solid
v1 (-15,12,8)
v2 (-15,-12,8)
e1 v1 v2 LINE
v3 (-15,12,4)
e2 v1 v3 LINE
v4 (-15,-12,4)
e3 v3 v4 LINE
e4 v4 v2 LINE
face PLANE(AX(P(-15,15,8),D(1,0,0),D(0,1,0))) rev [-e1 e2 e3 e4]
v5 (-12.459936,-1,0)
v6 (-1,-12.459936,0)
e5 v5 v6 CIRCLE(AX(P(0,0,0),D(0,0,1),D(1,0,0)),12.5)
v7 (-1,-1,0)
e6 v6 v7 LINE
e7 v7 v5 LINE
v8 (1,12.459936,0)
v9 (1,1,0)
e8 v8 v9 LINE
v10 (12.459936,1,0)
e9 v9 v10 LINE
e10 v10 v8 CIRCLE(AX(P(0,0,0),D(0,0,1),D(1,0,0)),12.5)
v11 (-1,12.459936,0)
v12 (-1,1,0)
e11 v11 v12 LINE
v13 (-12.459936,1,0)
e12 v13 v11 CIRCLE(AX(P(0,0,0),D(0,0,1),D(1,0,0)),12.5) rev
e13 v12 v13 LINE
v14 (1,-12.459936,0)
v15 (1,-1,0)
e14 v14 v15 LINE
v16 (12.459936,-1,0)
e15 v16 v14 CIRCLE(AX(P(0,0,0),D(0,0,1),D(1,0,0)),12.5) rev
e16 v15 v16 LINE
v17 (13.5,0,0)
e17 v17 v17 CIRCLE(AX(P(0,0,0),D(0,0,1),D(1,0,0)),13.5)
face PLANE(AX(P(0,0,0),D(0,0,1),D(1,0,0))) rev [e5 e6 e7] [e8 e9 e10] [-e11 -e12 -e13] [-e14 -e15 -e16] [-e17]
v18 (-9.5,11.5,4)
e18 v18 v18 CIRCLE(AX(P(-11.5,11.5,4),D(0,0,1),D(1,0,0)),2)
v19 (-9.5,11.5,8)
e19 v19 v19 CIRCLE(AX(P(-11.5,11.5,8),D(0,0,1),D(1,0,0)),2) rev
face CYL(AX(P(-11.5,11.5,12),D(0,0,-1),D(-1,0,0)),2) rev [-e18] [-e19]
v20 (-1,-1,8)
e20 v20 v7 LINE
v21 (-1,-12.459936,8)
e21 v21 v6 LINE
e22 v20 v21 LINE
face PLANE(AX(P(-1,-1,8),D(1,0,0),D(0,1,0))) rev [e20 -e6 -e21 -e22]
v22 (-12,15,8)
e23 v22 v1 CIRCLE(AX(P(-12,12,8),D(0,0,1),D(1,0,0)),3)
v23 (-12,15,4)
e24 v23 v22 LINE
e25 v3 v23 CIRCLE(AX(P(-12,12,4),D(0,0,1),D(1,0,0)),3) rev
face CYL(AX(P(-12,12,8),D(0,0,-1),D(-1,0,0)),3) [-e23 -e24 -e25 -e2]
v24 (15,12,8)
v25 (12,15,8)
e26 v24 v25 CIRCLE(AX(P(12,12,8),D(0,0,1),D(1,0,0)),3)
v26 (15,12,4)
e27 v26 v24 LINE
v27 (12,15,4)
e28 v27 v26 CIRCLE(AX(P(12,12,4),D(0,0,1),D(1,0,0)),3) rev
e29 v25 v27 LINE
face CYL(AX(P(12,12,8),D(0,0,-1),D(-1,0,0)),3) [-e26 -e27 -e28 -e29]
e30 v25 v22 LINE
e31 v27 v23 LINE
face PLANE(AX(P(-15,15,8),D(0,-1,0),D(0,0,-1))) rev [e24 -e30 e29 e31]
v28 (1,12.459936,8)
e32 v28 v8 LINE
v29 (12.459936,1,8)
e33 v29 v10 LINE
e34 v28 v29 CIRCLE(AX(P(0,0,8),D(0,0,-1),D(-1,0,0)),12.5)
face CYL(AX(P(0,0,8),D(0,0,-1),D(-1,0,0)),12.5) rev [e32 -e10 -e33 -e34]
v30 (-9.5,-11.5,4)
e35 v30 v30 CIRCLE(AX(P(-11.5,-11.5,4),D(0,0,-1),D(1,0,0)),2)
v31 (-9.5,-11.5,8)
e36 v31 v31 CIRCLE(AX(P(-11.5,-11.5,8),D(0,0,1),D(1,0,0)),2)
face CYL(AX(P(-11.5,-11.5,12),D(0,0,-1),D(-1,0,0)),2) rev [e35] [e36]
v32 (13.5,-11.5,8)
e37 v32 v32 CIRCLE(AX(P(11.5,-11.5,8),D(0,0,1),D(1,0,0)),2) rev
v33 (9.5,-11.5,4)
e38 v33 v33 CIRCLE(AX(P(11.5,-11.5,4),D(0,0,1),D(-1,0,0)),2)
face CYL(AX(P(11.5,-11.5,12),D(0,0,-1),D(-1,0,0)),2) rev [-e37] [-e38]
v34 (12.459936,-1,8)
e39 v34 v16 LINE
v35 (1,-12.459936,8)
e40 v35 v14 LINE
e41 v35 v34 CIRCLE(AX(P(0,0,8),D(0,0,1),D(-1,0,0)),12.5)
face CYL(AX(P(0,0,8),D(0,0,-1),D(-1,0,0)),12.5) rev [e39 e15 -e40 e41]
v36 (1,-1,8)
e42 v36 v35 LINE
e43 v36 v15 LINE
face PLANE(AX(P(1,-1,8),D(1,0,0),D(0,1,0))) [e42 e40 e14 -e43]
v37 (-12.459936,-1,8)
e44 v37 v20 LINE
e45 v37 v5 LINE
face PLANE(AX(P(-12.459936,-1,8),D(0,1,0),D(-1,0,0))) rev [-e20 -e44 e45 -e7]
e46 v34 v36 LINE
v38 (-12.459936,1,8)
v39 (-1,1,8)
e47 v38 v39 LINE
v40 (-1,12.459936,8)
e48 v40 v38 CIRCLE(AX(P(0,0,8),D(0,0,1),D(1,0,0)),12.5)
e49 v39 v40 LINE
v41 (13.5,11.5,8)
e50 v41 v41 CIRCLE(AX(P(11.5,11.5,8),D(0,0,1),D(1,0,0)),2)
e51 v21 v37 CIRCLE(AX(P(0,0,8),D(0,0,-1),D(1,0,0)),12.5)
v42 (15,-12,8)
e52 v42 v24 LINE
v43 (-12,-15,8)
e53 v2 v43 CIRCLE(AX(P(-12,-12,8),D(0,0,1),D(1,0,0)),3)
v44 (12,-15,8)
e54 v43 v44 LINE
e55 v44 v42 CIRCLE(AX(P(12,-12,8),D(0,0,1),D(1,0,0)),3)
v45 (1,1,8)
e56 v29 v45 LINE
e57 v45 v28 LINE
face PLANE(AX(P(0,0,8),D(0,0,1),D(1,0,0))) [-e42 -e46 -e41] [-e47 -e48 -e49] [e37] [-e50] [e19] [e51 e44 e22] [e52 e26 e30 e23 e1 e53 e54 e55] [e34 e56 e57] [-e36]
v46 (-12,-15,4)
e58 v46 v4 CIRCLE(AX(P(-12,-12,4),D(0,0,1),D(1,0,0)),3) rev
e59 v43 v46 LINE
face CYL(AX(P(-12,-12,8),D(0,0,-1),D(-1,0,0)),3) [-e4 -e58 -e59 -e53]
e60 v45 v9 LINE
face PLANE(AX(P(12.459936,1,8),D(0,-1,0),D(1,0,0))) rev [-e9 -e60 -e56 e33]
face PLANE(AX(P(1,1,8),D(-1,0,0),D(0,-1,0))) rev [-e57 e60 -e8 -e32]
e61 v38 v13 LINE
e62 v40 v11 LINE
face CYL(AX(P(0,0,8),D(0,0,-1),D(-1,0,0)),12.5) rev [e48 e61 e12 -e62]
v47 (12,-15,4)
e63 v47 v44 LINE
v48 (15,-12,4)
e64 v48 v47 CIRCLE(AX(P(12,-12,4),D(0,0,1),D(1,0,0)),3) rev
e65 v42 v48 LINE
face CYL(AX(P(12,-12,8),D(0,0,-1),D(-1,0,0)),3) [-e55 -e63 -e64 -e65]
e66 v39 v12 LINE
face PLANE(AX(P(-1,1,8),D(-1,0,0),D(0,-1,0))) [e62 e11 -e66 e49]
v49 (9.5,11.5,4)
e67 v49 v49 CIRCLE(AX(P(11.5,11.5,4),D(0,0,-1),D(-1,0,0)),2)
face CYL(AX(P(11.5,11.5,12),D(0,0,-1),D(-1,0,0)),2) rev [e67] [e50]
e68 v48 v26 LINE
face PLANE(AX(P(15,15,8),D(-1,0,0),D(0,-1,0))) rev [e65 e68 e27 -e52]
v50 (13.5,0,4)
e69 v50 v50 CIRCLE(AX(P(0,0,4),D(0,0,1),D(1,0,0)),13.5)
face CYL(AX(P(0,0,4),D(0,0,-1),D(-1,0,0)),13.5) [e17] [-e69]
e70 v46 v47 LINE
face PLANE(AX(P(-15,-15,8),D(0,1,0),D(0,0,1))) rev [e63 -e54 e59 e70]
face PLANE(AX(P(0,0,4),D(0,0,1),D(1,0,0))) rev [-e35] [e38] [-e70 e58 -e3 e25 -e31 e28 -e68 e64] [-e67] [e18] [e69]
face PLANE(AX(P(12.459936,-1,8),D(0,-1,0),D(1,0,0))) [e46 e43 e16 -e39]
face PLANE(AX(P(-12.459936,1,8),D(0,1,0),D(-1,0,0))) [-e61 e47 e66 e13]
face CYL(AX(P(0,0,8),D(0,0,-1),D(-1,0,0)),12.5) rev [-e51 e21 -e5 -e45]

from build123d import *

# Parameters (mm, degrees)
SKETCH1_R               = 13.5
BOSS_EXTRUDE1_DEPTH     = 4
SKETCH2_W               = 30
SKETCH2_H               = 30
BOSS_EXTRUDE2_DEPTH     = 4
FILLET1_R               = 3
CUT_EXTRUDE1_START      = -9
CUT_EXTRUDE1_DEPTH      = 17
MIRROR2_START           = -9
MIRROR2_COPY_1_DEPTH    = 17
SKETCH5_R               = 2
CUT_EXTRUDE2_DEPTH      = 8
MIRROR4_COPY_1_SKETCH_R = 2
MIRROR4_COPY_1_DEPTH    = 8


with BuildPart() as part:
    # Sketch1 → Boss-Extrude1 (new body)
    with BuildSketch(Plane.XY):
        Circle(SKETCH1_R)
    extrude(amount=BOSS_EXTRUDE1_DEPTH)

    # Sketch2 → Boss-Extrude2 (add)
    with BuildSketch(Plane.XY.offset(4)):
        Rectangle(SKETCH2_W, SKETCH2_H)
    extrude(amount=BOSS_EXTRUDE2_DEPTH)

    # Fillet1
    fillet1_edges = [part.edges().sort_by_distance(p)[0] for p in [
        (15, -15, 6),
        (15, 15, 6),
        (-15, 15, 6),
        (-15, -15, 6),
    ]]
    fillet(fillet1_edges, radius=FILLET1_R)

    # Sketch4 → Cut-Extrude1 (cut)
    with BuildSketch(Plane(origin=(0, 0, 0), x_dir=(-1, 0, 0), z_dir=(0, 0, -1)).offset(CUT_EXTRUDE1_START)):
        with BuildLine():
            Line((-12.459935794, 1), (-1, 1))
            Line((-1, 1), (-1, 12.459935794))
            ThreePointArc((-1, 12.459935794), (-8.838834765, 8.838834765), (-12.459935794, 1))
        make_face()
    cut_extrude1 = extrude(amount=CUT_EXTRUDE1_DEPTH, mode=Mode.SUBTRACT)

    # Mirror1: Cut-Extrude1 across plane
    add(cut_extrude1.mirror(Plane(origin=(0, 0, 0), x_dir=(0, 0, 1), z_dir=(1, 0, 0))), mode=Mode.SUBTRACT)

    # Mirror2: Cut-Extrude1 across plane
    add(cut_extrude1.mirror(Plane.ZX), mode=Mode.SUBTRACT)

    # Mirror2 copy 1 sketch → Mirror2 copy 1 (cut)
    with BuildSketch(Plane(origin=(0, 0, 0), x_dir=(1, 0, 0), z_dir=(0, 0, -1)).offset(MIRROR2_START)):
        with BuildLine():
            Line((-12.459935794, 1), (-1, 1))
            Line((-1, 1), (-1, 12.459935794))
            ThreePointArc((-1, 12.459935794), (-8.838834765, 8.838834765), (-12.459935794, 1))
        make_face()
    extrude(amount=MIRROR2_COPY_1_DEPTH, mode=Mode.SUBTRACT)

    # Sketch5 → Cut-Extrude2 (cut)
    with BuildSketch(Plane(origin=(0, 0, 4), x_dir=(-1, 0, 0), z_dir=(0, 0, -1))):
        with Locations((-11.5, 11.5)):
            Circle(SKETCH5_R)
    cut_extrude2 = extrude(amount=-CUT_EXTRUDE2_DEPTH, mode=Mode.SUBTRACT)

    # Mirror3: Cut-Extrude2 across plane
    add(cut_extrude2.mirror(Plane.ZX), mode=Mode.SUBTRACT)

    # Mirror4: Cut-Extrude2 across plane
    add(cut_extrude2.mirror(Plane(origin=(0, 0, 0), x_dir=(0, 0, 1), z_dir=(1, 0, 0))), mode=Mode.SUBTRACT)

    # Mirror4 copy 1 sketch → Mirror4 copy 1 (cut)
    with BuildSketch(Plane(origin=(0, 0, 4), x_dir=(1, 0, 0), z_dir=(0, 0, -1))):
        with Locations((-11.5, 11.5)):
            Circle(MIRROR4_COPY_1_SKETCH_R)
    extrude(amount=-MIRROR4_COPY_1_DEPTH, mode=Mode.SUBTRACT)


solid = part.part
